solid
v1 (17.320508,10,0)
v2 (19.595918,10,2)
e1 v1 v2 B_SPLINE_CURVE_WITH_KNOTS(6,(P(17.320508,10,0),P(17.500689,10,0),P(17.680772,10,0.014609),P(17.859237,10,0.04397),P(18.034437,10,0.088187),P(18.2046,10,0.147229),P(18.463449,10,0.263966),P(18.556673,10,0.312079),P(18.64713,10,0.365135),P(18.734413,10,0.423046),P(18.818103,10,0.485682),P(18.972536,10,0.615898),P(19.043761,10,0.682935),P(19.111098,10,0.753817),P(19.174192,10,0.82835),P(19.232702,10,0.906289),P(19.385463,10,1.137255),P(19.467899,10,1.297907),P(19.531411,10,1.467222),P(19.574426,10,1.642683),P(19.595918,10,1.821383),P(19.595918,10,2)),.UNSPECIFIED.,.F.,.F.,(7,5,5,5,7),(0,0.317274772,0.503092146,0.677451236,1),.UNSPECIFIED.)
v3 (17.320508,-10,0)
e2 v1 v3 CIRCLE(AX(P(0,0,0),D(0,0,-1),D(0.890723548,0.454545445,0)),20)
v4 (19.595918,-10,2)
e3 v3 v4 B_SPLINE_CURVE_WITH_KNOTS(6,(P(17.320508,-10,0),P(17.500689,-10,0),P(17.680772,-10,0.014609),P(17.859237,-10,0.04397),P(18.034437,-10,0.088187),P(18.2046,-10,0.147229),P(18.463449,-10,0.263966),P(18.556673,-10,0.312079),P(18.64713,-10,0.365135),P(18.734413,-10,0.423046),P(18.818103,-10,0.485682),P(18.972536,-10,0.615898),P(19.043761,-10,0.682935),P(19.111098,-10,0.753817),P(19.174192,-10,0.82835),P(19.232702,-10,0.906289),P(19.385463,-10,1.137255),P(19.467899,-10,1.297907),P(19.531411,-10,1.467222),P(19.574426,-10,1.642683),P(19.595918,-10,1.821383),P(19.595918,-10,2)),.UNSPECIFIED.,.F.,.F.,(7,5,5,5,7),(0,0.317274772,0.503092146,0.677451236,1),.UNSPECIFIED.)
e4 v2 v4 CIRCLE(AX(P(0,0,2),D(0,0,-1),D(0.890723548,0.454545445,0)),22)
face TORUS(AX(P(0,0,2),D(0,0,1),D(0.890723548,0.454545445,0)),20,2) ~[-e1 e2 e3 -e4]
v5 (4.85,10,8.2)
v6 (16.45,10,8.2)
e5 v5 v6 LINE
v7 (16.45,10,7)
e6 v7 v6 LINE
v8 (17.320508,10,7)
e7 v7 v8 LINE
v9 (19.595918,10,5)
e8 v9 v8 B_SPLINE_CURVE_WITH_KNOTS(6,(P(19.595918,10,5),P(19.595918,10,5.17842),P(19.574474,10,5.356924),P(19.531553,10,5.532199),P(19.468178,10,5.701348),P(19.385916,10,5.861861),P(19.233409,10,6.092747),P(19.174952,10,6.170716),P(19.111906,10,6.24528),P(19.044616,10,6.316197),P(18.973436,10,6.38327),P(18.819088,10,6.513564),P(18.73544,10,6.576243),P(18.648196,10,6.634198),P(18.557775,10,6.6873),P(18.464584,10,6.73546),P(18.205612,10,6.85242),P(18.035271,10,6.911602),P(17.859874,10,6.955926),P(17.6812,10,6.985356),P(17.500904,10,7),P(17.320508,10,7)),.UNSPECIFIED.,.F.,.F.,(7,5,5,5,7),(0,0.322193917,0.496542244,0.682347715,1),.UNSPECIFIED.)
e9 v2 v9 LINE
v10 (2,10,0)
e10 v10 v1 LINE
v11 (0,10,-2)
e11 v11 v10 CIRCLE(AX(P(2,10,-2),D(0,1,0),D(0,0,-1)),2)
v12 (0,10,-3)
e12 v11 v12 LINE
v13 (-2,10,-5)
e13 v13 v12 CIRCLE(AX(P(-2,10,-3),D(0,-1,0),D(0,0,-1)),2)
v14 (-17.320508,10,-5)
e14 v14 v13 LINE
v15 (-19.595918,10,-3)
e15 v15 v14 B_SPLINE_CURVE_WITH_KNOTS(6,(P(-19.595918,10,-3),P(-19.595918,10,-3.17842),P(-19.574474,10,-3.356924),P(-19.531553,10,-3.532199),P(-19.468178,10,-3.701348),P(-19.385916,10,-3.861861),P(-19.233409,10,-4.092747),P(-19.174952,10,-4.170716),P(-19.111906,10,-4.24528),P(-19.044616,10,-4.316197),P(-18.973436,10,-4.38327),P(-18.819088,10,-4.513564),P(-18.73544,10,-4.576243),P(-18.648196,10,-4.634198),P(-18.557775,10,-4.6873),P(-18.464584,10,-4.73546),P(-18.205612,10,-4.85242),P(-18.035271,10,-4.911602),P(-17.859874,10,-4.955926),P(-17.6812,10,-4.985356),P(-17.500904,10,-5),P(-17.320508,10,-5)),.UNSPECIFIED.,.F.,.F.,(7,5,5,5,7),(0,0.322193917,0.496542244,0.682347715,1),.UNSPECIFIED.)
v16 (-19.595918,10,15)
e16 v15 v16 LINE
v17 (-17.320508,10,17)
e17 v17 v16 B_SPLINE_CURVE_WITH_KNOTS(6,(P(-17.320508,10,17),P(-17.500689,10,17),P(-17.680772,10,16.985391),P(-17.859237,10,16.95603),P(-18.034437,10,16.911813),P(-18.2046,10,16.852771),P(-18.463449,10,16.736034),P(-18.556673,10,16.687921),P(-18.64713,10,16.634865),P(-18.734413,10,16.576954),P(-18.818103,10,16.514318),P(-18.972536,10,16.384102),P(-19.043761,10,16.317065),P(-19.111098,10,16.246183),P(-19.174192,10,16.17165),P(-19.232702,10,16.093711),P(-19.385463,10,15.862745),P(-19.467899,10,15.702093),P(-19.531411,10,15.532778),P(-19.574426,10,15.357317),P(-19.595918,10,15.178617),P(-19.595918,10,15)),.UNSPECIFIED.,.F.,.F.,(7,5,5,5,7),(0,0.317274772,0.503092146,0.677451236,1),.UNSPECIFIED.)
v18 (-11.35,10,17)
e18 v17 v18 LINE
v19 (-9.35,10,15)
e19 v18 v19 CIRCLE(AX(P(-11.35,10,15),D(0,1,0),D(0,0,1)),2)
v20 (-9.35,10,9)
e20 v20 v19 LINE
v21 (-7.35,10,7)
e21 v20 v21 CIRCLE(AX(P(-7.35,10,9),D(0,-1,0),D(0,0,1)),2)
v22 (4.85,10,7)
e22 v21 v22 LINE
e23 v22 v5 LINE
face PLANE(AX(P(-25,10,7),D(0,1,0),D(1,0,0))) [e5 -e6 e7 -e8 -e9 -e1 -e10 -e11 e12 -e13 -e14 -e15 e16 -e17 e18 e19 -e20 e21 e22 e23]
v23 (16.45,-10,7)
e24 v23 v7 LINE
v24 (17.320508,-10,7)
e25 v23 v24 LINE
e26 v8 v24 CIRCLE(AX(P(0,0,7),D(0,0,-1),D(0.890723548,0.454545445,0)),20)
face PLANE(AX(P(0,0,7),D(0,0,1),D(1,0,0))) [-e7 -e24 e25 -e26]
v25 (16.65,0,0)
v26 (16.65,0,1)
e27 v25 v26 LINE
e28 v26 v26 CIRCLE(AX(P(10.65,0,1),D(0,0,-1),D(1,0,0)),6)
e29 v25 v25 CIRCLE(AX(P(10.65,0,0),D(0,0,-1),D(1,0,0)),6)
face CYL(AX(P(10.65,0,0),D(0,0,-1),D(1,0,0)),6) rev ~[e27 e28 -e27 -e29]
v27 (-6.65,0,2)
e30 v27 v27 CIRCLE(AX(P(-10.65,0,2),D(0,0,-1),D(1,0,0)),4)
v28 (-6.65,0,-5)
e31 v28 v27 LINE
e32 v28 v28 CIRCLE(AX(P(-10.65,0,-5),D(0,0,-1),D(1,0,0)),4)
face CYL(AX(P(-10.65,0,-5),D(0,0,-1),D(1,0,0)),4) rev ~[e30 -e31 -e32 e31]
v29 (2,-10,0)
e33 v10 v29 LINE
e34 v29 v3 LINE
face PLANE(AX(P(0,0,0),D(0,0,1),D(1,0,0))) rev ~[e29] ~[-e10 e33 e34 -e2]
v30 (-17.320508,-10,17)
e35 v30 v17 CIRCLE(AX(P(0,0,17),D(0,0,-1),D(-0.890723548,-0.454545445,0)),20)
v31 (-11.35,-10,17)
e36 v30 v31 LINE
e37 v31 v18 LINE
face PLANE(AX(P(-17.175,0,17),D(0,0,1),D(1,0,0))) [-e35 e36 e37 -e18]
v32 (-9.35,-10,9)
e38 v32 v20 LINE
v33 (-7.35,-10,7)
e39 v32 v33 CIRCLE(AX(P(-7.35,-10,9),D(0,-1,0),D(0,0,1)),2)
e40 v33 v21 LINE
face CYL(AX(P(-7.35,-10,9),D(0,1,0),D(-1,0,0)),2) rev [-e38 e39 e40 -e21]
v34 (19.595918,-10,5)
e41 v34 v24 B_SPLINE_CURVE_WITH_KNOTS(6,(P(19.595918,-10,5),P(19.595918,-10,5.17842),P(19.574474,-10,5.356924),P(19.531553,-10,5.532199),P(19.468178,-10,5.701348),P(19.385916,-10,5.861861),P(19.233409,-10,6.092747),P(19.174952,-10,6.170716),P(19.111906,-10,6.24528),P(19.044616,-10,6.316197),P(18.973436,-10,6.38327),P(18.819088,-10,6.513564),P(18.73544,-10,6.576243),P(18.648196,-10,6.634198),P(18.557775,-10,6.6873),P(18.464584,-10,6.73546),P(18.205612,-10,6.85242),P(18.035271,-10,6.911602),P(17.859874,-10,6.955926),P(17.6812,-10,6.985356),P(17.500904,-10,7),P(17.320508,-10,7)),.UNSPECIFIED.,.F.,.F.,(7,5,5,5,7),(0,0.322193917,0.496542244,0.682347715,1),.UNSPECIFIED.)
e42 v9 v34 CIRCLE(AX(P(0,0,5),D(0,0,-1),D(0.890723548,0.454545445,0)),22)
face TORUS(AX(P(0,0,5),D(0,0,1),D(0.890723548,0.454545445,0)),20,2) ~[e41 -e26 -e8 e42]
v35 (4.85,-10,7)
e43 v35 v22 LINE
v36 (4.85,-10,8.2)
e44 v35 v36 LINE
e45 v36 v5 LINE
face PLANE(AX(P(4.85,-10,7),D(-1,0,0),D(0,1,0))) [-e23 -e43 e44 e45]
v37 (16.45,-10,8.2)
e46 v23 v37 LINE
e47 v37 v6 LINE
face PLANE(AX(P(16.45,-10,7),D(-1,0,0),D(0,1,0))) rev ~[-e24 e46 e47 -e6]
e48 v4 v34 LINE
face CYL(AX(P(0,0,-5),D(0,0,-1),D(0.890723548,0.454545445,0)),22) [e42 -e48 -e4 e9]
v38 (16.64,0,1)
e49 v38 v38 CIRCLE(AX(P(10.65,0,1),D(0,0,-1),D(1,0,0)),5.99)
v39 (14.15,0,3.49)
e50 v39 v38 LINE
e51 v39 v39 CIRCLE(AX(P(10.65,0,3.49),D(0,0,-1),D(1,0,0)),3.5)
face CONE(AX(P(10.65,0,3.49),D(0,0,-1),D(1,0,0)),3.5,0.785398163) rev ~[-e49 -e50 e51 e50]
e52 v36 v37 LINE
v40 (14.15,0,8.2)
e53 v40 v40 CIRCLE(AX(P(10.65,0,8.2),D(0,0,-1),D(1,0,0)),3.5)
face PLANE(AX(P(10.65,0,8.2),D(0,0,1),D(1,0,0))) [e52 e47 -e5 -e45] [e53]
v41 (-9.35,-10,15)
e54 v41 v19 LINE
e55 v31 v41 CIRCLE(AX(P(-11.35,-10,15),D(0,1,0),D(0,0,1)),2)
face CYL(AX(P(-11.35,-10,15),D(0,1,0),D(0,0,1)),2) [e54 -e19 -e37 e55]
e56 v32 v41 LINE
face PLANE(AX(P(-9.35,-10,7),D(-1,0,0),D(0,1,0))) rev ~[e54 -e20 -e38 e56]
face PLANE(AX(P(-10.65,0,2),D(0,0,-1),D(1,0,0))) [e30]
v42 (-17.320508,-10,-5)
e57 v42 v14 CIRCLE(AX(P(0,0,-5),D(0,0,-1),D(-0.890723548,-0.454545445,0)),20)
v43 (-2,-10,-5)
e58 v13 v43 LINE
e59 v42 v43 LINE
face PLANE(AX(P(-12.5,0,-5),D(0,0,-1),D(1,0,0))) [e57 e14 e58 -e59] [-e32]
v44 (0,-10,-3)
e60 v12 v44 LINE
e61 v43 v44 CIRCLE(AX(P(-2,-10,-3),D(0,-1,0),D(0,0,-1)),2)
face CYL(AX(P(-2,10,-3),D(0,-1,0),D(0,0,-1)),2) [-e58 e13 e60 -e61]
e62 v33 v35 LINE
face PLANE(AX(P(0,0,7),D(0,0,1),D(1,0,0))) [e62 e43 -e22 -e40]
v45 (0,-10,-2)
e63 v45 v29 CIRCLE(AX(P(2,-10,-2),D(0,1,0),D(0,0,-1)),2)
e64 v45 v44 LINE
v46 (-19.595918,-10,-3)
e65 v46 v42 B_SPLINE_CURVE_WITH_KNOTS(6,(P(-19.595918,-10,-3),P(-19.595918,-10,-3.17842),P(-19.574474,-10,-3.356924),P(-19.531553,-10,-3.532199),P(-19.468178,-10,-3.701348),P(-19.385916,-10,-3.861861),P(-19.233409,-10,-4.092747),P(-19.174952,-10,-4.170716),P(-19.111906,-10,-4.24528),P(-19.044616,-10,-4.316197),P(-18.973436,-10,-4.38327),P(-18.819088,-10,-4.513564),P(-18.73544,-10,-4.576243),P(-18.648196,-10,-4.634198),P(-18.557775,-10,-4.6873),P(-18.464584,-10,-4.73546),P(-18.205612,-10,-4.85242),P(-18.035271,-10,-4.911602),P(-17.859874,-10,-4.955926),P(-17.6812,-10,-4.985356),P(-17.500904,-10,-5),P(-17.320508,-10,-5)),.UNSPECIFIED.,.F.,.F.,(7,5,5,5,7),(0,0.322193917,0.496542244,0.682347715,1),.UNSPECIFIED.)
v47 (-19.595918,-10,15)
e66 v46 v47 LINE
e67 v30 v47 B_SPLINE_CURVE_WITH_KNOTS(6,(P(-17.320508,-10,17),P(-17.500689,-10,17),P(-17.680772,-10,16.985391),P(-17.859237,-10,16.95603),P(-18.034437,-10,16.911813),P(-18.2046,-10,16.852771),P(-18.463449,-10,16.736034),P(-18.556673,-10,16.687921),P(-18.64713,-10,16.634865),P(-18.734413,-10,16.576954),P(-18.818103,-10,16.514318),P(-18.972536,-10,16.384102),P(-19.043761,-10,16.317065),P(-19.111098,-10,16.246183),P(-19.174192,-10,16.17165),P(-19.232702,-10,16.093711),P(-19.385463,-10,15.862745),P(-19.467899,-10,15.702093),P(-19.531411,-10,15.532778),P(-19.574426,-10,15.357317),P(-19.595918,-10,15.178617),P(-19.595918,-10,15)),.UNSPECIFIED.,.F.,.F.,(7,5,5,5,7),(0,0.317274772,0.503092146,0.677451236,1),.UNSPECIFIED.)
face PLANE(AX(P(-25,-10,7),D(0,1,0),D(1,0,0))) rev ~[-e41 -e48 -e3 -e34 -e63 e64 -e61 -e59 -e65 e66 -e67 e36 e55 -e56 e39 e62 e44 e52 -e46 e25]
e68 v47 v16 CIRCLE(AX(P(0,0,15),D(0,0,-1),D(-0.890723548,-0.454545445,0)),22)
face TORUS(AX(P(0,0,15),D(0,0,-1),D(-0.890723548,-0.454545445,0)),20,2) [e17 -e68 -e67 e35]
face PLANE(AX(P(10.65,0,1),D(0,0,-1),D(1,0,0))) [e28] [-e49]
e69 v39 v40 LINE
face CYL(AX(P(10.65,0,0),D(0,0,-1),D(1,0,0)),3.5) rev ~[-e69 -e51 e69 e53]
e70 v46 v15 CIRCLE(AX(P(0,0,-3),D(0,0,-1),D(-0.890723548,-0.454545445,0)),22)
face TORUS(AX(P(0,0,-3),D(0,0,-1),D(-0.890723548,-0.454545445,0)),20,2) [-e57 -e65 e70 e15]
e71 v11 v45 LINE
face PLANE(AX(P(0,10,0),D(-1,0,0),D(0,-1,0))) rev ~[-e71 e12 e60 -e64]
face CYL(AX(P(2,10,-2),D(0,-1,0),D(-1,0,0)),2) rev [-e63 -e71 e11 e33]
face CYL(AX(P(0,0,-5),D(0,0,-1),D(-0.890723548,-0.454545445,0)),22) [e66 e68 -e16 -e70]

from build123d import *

# Parameters (mm, degrees)
SKETCH_W        = 50
SKETCH_H        = 20
PAD_DEPTH       = 7
SKETCH001_W     = 11.6
SKETCH001_H     = 20
PAD001_DEPTH    = 1.2
SKETCH002_R     = 3.5
POCKET_DEPTH    = 8.201
SKETCH003_R     = 6
POCKET001_DEPTH = 1
CHAMFER_SIZE    = 2.49
SKETCH004_W     = 25
SKETCH004_H     = 20
PAD002_DEPTH    = 5
SKETCH005_R     = 4
POCKET002_DEPTH = 7
SKETCH006_W     = 15.65
SKETCH006_H     = 20
PAD003_DEPTH    = 10
POCKET003_DEPTH = 22.001
FILLET_R        = 2


with BuildPart() as part:
    # Sketch → Pad (new body)
    with BuildSketch(Plane.XY):
        Rectangle(SKETCH_W, SKETCH_H)
    extrude(amount=PAD_DEPTH)

    # Sketch001 (on Face6 of Pad) → Pad001 (join)
    with BuildSketch(Plane.XY.offset(7)):
        with Locations((10.65, 0)):
            Rectangle(SKETCH001_W, SKETCH001_H)
    extrude(amount=PAD001_DEPTH)

    # Sketch002 (on Face4 of Pad001) → Pocket (cut, through all)
    with BuildSketch(Plane(origin=(0, 0, 0), x_dir=(1, 0, 0), z_dir=(0, 0, -1))):
        with Locations((10.65, 0)):
            Circle(SKETCH002_R)
    extrude(amount=-POCKET_DEPTH, mode=Mode.SUBTRACT)

    # Sketch003 (on Face4 of Pocket) → Pocket001 (cut)
    with BuildSketch(Plane(origin=(0, 0, 0), x_dir=(1, 0, 0), z_dir=(0, 0, -1))):
        with Locations((10.65, 0)):
            Circle(SKETCH003_R)
    extrude(amount=-POCKET001_DEPTH, mode=Mode.SUBTRACT)

    # Chamfer
    chamfer_edges = [part.edges().sort_by_distance(p)[0] for p in [
        (7.15, 0, 1),
    ]]
    chamfer(chamfer_edges, length=CHAMFER_SIZE)

    # Sketch004 (on Face5 of Chamfer) → Pad002 (join)
    with BuildSketch(Plane(origin=(0, 0, 0), x_dir=(1, 0, 0), z_dir=(0, 0, -1))):
        with Locations((-12.5, 0)):
            Rectangle(SKETCH004_W, SKETCH004_H)
    extrude(amount=PAD002_DEPTH)

    # Sketch005 (on Face16 of Pad002) → Pocket002 (cut)
    with BuildSketch(Plane(origin=(0, 0, -5), x_dir=(1, 0, 0), z_dir=(0, 0, -1))):
        with Locations((-10.65, 0)):
            Circle(SKETCH005_R)
    extrude(amount=-POCKET002_DEPTH, mode=Mode.SUBTRACT)

    # Sketch006 (on Face20 of Pocket002) → Pad003 (join)
    with BuildSketch(Plane.XY.offset(7)):
        with Locations((-17.175, 0)):
            Rectangle(SKETCH006_W, SKETCH006_H)
    extrude(amount=PAD003_DEPTH)

    # Sketch007 (on Face16 of Pad003) → Pocket003 (cut, through all)
    with BuildSketch(Plane(origin=(0, 0, -5), x_dir=(1, 0, 0), z_dir=(0, 0, -1))):
        with BuildLine():
            ThreePointArc((-19.595918, 10), (-22, 0), (-19.595918, -10))
            Line((-19.595918, -10), (-25, -10))
            Line((-25, -10), (-25, 10))
            Line((-25, 10), (-19.595918, 10))
        make_face()
        with BuildLine():
            ThreePointArc((19.595918, -10), (22, 0), (19.595918, 10))
            Line((19.595918, 10), (25, 10))
            Line((25, 10), (25, -10))
            Line((25, -10), (19.595918, -10))
        make_face()
    extrude(amount=-POCKET003_DEPTH, mode=Mode.SUBTRACT)

    # Fillet
    fillet_edges = [part.edges().sort_by_distance(p)[0] for p in [
        (-22, 0, -5),
        (0, 0, -5),
        (0, 0, 0),
        (22, 0, 0),
        (22, 0, 7),
        (-9.35, 0, 17),
        (-22, 0, 17),
        (-9.35, 0, 7),
    ]]
    fillet(fillet_edges, radius=FILLET_R)


solid = part.part
